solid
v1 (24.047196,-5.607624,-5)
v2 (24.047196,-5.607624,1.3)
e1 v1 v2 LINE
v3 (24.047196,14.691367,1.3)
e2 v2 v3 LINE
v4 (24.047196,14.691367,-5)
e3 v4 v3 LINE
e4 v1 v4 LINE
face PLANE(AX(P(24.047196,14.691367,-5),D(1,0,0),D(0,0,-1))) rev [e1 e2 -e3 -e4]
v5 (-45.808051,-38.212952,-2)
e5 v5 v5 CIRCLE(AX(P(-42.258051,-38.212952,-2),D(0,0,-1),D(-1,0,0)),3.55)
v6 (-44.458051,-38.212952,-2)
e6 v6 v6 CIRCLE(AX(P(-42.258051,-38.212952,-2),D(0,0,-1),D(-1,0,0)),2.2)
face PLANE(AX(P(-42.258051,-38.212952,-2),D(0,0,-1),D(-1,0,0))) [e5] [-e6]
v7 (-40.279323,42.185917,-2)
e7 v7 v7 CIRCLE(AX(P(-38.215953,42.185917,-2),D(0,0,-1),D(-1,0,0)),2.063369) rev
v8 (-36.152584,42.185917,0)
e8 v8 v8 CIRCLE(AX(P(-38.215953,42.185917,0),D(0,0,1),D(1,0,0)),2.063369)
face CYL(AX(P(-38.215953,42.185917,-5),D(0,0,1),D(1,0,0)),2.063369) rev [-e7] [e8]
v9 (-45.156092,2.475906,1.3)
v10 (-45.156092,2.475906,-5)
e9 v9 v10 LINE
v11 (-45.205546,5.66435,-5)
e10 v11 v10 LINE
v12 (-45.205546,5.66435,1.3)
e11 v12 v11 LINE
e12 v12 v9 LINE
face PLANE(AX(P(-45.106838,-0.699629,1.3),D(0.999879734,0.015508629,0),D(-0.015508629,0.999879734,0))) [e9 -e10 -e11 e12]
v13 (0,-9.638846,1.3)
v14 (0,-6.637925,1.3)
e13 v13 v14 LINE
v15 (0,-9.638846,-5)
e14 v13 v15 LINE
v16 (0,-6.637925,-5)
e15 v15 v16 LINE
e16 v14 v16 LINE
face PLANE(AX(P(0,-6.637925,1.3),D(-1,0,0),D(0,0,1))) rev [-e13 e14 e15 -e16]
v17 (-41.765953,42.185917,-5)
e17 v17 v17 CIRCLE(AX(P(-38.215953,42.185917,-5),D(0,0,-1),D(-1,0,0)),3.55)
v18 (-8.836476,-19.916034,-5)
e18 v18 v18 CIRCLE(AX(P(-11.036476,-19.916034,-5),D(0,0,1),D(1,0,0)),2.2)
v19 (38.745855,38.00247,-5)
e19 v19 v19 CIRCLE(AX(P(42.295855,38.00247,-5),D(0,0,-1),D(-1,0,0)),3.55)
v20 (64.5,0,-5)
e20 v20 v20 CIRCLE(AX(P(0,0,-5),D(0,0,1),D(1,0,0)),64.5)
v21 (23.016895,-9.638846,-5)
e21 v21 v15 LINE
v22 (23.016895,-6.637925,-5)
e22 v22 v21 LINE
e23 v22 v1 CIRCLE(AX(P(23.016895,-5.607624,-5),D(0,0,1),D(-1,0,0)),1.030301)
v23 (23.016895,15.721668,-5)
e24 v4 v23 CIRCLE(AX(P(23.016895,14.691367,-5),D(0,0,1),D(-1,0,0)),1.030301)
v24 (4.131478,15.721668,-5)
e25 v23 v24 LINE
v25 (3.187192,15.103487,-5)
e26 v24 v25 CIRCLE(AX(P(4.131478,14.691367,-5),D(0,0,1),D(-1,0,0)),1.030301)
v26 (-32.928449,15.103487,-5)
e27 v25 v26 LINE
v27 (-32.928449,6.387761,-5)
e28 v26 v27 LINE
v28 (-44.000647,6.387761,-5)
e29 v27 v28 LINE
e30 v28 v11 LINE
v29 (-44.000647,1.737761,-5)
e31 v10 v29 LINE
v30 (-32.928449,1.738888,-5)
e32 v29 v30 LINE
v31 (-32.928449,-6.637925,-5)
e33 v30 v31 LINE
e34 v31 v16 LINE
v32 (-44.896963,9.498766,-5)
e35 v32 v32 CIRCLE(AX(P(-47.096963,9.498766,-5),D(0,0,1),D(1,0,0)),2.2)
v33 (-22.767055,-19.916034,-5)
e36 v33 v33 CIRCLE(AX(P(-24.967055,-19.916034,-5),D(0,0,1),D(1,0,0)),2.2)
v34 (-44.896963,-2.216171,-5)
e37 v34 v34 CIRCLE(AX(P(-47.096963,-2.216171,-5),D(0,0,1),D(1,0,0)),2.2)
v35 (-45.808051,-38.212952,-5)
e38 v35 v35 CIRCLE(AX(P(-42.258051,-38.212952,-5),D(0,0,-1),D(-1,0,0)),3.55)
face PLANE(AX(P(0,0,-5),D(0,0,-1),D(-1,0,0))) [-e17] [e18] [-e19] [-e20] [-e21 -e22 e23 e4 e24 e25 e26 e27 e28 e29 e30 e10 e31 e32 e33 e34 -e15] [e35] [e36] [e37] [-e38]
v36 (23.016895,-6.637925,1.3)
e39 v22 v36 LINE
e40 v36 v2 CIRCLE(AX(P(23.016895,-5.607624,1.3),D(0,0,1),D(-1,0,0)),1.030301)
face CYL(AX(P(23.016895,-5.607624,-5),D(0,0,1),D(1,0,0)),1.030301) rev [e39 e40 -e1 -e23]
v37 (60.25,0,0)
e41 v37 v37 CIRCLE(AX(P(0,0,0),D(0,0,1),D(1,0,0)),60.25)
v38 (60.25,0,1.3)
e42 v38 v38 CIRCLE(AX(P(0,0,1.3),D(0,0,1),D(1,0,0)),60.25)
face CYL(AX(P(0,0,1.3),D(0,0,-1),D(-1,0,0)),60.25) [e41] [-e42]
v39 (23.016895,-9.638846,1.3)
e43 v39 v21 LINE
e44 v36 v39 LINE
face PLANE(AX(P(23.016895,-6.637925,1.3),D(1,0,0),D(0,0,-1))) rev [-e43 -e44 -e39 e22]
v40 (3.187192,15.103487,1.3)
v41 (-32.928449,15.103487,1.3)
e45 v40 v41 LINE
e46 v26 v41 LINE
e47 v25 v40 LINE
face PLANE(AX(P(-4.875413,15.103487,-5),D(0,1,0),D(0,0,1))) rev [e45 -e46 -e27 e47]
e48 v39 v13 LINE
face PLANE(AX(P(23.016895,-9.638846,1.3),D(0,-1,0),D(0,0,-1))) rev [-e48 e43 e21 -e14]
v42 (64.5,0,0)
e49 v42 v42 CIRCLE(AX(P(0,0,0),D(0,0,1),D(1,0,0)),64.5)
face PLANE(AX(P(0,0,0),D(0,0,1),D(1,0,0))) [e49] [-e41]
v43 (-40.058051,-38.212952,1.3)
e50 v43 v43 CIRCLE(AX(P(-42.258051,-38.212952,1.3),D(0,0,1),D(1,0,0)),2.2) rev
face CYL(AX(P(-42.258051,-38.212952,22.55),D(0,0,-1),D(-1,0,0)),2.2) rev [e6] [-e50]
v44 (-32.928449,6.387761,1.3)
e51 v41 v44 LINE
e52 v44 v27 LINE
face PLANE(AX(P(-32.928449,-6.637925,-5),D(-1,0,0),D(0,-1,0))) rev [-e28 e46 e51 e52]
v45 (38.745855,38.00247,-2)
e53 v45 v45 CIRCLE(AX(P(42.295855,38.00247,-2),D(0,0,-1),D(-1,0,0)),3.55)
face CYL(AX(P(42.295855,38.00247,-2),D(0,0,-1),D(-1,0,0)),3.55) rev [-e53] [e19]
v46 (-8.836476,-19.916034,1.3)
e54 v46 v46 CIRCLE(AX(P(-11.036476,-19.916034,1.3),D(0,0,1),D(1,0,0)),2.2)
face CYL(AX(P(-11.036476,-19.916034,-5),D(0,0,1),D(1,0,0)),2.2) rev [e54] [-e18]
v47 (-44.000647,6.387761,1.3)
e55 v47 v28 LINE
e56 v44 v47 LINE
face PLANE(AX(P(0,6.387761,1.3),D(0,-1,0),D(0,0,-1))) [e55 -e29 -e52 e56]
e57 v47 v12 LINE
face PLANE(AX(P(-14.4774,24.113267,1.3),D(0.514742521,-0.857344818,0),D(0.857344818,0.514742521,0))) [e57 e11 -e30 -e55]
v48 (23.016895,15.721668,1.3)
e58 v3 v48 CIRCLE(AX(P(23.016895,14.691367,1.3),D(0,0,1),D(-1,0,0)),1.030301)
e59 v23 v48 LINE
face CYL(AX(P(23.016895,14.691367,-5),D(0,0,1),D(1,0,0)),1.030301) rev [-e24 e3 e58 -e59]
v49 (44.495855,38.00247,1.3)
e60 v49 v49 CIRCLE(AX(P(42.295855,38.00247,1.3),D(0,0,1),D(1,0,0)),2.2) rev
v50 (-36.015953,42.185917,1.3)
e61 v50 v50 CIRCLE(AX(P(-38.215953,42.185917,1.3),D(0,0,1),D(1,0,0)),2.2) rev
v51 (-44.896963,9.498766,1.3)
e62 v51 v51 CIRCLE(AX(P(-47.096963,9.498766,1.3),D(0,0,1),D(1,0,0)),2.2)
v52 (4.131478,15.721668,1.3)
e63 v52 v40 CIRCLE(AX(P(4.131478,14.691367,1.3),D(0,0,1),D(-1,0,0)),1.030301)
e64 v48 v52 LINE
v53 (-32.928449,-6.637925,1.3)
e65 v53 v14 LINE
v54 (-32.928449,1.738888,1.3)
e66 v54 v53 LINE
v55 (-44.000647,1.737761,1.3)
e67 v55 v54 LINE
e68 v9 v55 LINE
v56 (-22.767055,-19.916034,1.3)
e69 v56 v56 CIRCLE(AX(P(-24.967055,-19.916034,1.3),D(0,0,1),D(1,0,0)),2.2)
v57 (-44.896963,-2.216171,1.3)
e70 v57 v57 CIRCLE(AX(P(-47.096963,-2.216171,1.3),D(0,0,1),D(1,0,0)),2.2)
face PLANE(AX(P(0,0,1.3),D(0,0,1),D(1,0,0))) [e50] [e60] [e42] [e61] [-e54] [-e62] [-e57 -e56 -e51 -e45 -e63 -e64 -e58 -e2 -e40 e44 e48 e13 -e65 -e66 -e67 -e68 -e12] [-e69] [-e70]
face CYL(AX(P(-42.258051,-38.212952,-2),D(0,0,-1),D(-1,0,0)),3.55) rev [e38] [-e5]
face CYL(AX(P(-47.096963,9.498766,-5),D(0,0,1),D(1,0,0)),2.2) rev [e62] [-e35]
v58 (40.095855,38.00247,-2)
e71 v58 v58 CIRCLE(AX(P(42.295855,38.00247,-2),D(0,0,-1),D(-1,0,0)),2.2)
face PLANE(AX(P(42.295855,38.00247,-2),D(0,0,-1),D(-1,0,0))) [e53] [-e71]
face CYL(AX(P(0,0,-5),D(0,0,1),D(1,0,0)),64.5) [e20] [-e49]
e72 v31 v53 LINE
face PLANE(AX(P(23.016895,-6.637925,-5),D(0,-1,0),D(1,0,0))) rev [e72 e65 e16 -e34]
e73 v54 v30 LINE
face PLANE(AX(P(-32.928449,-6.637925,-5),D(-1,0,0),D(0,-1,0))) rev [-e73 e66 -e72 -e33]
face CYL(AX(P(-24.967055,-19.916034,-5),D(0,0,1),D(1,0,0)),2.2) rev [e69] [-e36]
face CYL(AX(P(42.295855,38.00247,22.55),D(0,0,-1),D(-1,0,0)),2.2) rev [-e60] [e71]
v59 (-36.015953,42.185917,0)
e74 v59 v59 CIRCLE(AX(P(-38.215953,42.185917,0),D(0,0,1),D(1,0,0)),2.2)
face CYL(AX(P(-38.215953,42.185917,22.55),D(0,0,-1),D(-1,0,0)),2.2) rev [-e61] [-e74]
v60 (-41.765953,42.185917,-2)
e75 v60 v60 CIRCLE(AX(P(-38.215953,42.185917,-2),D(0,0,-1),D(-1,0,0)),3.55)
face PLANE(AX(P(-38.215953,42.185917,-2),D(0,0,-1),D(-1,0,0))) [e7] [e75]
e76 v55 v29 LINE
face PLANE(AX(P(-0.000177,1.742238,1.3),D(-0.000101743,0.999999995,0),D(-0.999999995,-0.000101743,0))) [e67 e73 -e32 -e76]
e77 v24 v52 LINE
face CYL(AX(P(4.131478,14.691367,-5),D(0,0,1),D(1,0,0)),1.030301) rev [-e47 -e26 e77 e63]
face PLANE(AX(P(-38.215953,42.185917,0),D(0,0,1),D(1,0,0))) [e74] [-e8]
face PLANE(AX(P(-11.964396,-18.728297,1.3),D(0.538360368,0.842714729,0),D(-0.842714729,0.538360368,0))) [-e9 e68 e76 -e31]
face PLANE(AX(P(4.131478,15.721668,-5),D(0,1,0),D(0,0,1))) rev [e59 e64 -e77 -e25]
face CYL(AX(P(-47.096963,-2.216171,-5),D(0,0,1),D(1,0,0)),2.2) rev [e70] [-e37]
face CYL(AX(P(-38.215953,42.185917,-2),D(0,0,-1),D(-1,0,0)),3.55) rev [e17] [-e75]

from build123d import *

# Parameters (mm, degrees)
SCHIZZO1_R                   = 60.25
ESTRUSIONE_ESTRUSIONE1_DEPTH = 1.3
SCHIZZO1_6_R                 = 64.5
SCHIZZO1_6_R_2               = 60.25
ESTRUSIONE_ESTRUSIONE2_DEPTH = 5
ESTRUSIONE_ESTRUSIONE3_START = 5
SCHIZZO2_R                   = 60.25
ESTRUSIONE_ESTRUSIONE3_DEPTH = 5
SCHIZZO4_R                   = 2.2
TAGLIO_ESTRUSIONE1_DEPTH     = 22.55
SCHIZZO5_R                   = 2.2
SCHIZZO5_R_2                 = 2.063369246
TAGLIO_ESTRUSIONE2_DEPTH     = 92.35370819
SCHIZZO6_R                   = 3.55
TAGLIO_ESTRUSIONE3_DEPTH     = 3
TAGLIO_ESTRUSIONE4_DEPTH     = 92.434074611
TAGLIO_ESTRUSIONE5_DEPTH     = 92.434074611
SCHIZZO19_R                  = 2.2
TAGLIO_ESTRUSIONE6_DEPTH     = 92.434074611
SCHIZZO21_W                  = 23.016895474
SCHIZZO21_H                  = 3.000921099
TAGLIO_ESTRUSIONE7_DEPTH     = 92.434074611
SCHIZZO23_W                  = 21.797647442
SCHIZZO23_H                  = 17.331114079
TAGLIO_ESTRUSIONE8_DEPTH     = 92.434074611
SCHIZZO24_W                  = 6.255388186
SCHIZZO24_H                  = 0.117454314
TAGLIO_ESTRUSIONE9_DEPTH     = 92.35370819
SCHIZZO25_W                  = 6.255388186
SCHIZZO25_H                  = 0.117454314
TAGLIO_ESTRUSIONE10_DEPTH    = 92.434074611


with BuildPart() as part:
    # Schizzo1 → Estrusione-Estrusione1 (new body)
    with BuildSketch(Plane.XY):
        Circle(SCHIZZO1_R)
    extrude(amount=ESTRUSIONE_ESTRUSIONE1_DEPTH)


with BuildPart() as body_2:
    # Schizzo1<6> → Estrusione-Estrusione2 (new body)
    with BuildSketch(Plane.XY):
        Circle(SCHIZZO1_6_R)
        Circle(SCHIZZO1_6_R_2, mode=Mode.SUBTRACT)
    extrude(amount=-ESTRUSIONE_ESTRUSIONE2_DEPTH)


with BuildPart() as estrusione_estrusione3_tool:
    # Schizzo2 → Estrusione-Estrusione3 (new body)
    with BuildSketch(Plane(origin=(0, 0, 0), x_dir=(-1, 0, 0), z_dir=(0, 0, -1)).offset(ESTRUSIONE_ESTRUSIONE3_START)):
        Circle(SCHIZZO2_R)
    extrude(amount=-ESTRUSIONE_ESTRUSIONE3_DEPTH)


with BuildPart() as part_1:
    add(part.part)


with BuildPart() as part_2:
    # Estrusione-Estrusione3: joined with estrusione_estrusione3_tool
    add(part_1.part.fuse(estrusione_estrusione3_tool.part, body_2.part, tol=0.00001))

    # Schizzo4 → Taglio-Estrusione1 (cut)
    with BuildSketch(Plane.XY):
        with Locations((-38.215953468, 42.185917173)):
            Circle(SCHIZZO4_R)
        with Locations((42.295854852, 38.002469644)):
            Circle(SCHIZZO4_R)
        with Locations((-42.258051235, -38.212951628)):
            Circle(SCHIZZO4_R)
    extrude(amount=TAGLIO_ESTRUSIONE1_DEPTH, mode=Mode.SUBTRACT)

    # Schizzo5 → Taglio-Estrusione2 (cut, through all)
    with BuildSketch(Plane.XY):
        with Locations((42.295854852, 38.002469644)):
            Circle(SCHIZZO5_R)
        with Locations((-38.215953468, 42.185917173)):
            Circle(SCHIZZO5_R_2)
        with Locations((-42.258051235, -38.212951628)):
            Circle(SCHIZZO5_R)
    extrude(amount=-TAGLIO_ESTRUSIONE2_DEPTH, mode=Mode.SUBTRACT)

    # Schizzo6 → Taglio-Estrusione3 (cut)
    with BuildSketch(Plane(origin=(0, 0, -5), x_dir=(-1, 0, 0), z_dir=(0, 0, -1))):
        with Locations((-42.295854852, 38.002469644)):
            Circle(SCHIZZO6_R)
        with Locations((38.215953468, 42.185917173)):
            Circle(SCHIZZO6_R)
        with Locations((42.258051235, -38.212951628)):
            Circle(SCHIZZO6_R)
    extrude(amount=-TAGLIO_ESTRUSIONE3_DEPTH, mode=Mode.SUBTRACT)

    # Schizzo16 → Taglio-Estrusione4 (cut, through all)
    with BuildSketch(Plane.XY.offset(1.3)):
        with BuildLine():
            Line((-32.928448826, 14.986032767), (-25.1744035, 14.986032767))
            Line((-25.1744035, 14.986032767), (-25.1744035, -0.412845979))
            Line((-25.1744035, -0.412845979), (-8.028134258, -0.412845979))
            Line((-8.028134258, -0.412845979), (-6.936015198, 0.679273081))
            Line((-6.936015198, 0.679273081), (-6.936015198, 13.042885081))
            ThreePointArc((-6.936015198, 13.042885081), (-6.332478846, 14.499950729), (-4.875413198, 15.103487081))
            Line((-4.875413198, 15.103487081), (3.18719168, 15.103487081))
            ThreePointArc((3.18719168, 15.103487081), (3.567159045, 15.553378343), (4.131478144, 15.721667681))
            Line((4.131478144, 15.721667681), (23.016895474, 15.721667681))
            ThreePointArc((23.016895474, 15.721667681), (23.745428298, 15.419899505), (24.047196474, 14.691366681))
            Line((24.047196474, 14.691366681), (24.047196474, -5.607623621))
            ThreePointArc((24.047196474, -5.607623621), (23.745428298, -6.336156444), (23.016895474, -6.637924621))
            Line((23.016895474, -6.637924621), (-32.928448826, -6.637924621))
            Line((-32.928448826, -6.637924621), (-32.928448826, 14.986032767))
        make_face()
    extrude(amount=-TAGLIO_ESTRUSIONE4_DEPTH, mode=Mode.SUBTRACT)

    # Schizzo18 → Taglio-Estrusione5 (cut, through all)
    with BuildSketch(Plane(origin=(0, 0, -5), x_dir=(-1, 0, 0), z_dir=(0, 0, -1))):
        Polygon((44.000647486, 6.387761029), (32.928448826, 6.387761029), (32.928448826, 1.738887547), (44.000647486, 1.737761029), (45.156092105, 2.475905944), (45.20554645, 5.664349962), align=None)
    extrude(amount=-TAGLIO_ESTRUSIONE5_DEPTH, mode=Mode.SUBTRACT)

    # Schizzo19 → Taglio-Estrusione6 (cut, through all)
    with BuildSketch(Plane.XY.offset(1.3)):
        with Locations((-47.096963083, 9.498765652)):
            Circle(SCHIZZO19_R)
        with Locations((-47.096963083, -2.216170811)):
            Circle(SCHIZZO19_R)
        with Locations((-24.967055149, -19.916033665)):
            Circle(SCHIZZO19_R)
        with Locations((-11.036476343, -19.916033665)):
            Circle(SCHIZZO19_R)
    extrude(amount=-TAGLIO_ESTRUSIONE6_DEPTH, mode=Mode.SUBTRACT)

    # Schizzo21 → Taglio-Estrusione7 (cut, through all)
    with BuildSketch(Plane(origin=(0, 0, -5), x_dir=(-1, 0, 0), z_dir=(0, 0, -1))):
        with Locations((-11.508447737, -8.138385171)):
            Rectangle(SCHIZZO21_W, SCHIZZO21_H)
    extrude(amount=-TAGLIO_ESTRUSIONE7_DEPTH, mode=Mode.SUBTRACT)

    # Schizzo23 → Taglio-Estrusione8 (cut, through all)
    with BuildSketch(Plane(origin=(0, 0, -5), x_dir=(-1, 0, 0), z_dir=(0, 0, -1))):
        with Locations((15.774236919, 6.437930042)):
            Rectangle(SCHIZZO23_W, SCHIZZO23_H)
    extrude(amount=-TAGLIO_ESTRUSIONE8_DEPTH, mode=Mode.SUBTRACT)

    # Schizzo24 → Taglio-Estrusione9 (cut, through all)
    with BuildSketch(Plane.XY):
        with Locations((-29.800754733, 15.044759924)):
            Rectangle(SCHIZZO24_W, SCHIZZO24_H)
    extrude(amount=-TAGLIO_ESTRUSIONE9_DEPTH, mode=Mode.SUBTRACT)

    # Schizzo25 → Taglio-Estrusione10 (cut, through all)
    with BuildSketch(Plane.XY.offset(1.3)):
        with Locations((-29.800754733, 15.044759924)):
            Rectangle(SCHIZZO25_W, SCHIZZO25_H)
    extrude(amount=-TAGLIO_ESTRUSIONE10_DEPTH, mode=Mode.SUBTRACT)


solid = part_2.part
